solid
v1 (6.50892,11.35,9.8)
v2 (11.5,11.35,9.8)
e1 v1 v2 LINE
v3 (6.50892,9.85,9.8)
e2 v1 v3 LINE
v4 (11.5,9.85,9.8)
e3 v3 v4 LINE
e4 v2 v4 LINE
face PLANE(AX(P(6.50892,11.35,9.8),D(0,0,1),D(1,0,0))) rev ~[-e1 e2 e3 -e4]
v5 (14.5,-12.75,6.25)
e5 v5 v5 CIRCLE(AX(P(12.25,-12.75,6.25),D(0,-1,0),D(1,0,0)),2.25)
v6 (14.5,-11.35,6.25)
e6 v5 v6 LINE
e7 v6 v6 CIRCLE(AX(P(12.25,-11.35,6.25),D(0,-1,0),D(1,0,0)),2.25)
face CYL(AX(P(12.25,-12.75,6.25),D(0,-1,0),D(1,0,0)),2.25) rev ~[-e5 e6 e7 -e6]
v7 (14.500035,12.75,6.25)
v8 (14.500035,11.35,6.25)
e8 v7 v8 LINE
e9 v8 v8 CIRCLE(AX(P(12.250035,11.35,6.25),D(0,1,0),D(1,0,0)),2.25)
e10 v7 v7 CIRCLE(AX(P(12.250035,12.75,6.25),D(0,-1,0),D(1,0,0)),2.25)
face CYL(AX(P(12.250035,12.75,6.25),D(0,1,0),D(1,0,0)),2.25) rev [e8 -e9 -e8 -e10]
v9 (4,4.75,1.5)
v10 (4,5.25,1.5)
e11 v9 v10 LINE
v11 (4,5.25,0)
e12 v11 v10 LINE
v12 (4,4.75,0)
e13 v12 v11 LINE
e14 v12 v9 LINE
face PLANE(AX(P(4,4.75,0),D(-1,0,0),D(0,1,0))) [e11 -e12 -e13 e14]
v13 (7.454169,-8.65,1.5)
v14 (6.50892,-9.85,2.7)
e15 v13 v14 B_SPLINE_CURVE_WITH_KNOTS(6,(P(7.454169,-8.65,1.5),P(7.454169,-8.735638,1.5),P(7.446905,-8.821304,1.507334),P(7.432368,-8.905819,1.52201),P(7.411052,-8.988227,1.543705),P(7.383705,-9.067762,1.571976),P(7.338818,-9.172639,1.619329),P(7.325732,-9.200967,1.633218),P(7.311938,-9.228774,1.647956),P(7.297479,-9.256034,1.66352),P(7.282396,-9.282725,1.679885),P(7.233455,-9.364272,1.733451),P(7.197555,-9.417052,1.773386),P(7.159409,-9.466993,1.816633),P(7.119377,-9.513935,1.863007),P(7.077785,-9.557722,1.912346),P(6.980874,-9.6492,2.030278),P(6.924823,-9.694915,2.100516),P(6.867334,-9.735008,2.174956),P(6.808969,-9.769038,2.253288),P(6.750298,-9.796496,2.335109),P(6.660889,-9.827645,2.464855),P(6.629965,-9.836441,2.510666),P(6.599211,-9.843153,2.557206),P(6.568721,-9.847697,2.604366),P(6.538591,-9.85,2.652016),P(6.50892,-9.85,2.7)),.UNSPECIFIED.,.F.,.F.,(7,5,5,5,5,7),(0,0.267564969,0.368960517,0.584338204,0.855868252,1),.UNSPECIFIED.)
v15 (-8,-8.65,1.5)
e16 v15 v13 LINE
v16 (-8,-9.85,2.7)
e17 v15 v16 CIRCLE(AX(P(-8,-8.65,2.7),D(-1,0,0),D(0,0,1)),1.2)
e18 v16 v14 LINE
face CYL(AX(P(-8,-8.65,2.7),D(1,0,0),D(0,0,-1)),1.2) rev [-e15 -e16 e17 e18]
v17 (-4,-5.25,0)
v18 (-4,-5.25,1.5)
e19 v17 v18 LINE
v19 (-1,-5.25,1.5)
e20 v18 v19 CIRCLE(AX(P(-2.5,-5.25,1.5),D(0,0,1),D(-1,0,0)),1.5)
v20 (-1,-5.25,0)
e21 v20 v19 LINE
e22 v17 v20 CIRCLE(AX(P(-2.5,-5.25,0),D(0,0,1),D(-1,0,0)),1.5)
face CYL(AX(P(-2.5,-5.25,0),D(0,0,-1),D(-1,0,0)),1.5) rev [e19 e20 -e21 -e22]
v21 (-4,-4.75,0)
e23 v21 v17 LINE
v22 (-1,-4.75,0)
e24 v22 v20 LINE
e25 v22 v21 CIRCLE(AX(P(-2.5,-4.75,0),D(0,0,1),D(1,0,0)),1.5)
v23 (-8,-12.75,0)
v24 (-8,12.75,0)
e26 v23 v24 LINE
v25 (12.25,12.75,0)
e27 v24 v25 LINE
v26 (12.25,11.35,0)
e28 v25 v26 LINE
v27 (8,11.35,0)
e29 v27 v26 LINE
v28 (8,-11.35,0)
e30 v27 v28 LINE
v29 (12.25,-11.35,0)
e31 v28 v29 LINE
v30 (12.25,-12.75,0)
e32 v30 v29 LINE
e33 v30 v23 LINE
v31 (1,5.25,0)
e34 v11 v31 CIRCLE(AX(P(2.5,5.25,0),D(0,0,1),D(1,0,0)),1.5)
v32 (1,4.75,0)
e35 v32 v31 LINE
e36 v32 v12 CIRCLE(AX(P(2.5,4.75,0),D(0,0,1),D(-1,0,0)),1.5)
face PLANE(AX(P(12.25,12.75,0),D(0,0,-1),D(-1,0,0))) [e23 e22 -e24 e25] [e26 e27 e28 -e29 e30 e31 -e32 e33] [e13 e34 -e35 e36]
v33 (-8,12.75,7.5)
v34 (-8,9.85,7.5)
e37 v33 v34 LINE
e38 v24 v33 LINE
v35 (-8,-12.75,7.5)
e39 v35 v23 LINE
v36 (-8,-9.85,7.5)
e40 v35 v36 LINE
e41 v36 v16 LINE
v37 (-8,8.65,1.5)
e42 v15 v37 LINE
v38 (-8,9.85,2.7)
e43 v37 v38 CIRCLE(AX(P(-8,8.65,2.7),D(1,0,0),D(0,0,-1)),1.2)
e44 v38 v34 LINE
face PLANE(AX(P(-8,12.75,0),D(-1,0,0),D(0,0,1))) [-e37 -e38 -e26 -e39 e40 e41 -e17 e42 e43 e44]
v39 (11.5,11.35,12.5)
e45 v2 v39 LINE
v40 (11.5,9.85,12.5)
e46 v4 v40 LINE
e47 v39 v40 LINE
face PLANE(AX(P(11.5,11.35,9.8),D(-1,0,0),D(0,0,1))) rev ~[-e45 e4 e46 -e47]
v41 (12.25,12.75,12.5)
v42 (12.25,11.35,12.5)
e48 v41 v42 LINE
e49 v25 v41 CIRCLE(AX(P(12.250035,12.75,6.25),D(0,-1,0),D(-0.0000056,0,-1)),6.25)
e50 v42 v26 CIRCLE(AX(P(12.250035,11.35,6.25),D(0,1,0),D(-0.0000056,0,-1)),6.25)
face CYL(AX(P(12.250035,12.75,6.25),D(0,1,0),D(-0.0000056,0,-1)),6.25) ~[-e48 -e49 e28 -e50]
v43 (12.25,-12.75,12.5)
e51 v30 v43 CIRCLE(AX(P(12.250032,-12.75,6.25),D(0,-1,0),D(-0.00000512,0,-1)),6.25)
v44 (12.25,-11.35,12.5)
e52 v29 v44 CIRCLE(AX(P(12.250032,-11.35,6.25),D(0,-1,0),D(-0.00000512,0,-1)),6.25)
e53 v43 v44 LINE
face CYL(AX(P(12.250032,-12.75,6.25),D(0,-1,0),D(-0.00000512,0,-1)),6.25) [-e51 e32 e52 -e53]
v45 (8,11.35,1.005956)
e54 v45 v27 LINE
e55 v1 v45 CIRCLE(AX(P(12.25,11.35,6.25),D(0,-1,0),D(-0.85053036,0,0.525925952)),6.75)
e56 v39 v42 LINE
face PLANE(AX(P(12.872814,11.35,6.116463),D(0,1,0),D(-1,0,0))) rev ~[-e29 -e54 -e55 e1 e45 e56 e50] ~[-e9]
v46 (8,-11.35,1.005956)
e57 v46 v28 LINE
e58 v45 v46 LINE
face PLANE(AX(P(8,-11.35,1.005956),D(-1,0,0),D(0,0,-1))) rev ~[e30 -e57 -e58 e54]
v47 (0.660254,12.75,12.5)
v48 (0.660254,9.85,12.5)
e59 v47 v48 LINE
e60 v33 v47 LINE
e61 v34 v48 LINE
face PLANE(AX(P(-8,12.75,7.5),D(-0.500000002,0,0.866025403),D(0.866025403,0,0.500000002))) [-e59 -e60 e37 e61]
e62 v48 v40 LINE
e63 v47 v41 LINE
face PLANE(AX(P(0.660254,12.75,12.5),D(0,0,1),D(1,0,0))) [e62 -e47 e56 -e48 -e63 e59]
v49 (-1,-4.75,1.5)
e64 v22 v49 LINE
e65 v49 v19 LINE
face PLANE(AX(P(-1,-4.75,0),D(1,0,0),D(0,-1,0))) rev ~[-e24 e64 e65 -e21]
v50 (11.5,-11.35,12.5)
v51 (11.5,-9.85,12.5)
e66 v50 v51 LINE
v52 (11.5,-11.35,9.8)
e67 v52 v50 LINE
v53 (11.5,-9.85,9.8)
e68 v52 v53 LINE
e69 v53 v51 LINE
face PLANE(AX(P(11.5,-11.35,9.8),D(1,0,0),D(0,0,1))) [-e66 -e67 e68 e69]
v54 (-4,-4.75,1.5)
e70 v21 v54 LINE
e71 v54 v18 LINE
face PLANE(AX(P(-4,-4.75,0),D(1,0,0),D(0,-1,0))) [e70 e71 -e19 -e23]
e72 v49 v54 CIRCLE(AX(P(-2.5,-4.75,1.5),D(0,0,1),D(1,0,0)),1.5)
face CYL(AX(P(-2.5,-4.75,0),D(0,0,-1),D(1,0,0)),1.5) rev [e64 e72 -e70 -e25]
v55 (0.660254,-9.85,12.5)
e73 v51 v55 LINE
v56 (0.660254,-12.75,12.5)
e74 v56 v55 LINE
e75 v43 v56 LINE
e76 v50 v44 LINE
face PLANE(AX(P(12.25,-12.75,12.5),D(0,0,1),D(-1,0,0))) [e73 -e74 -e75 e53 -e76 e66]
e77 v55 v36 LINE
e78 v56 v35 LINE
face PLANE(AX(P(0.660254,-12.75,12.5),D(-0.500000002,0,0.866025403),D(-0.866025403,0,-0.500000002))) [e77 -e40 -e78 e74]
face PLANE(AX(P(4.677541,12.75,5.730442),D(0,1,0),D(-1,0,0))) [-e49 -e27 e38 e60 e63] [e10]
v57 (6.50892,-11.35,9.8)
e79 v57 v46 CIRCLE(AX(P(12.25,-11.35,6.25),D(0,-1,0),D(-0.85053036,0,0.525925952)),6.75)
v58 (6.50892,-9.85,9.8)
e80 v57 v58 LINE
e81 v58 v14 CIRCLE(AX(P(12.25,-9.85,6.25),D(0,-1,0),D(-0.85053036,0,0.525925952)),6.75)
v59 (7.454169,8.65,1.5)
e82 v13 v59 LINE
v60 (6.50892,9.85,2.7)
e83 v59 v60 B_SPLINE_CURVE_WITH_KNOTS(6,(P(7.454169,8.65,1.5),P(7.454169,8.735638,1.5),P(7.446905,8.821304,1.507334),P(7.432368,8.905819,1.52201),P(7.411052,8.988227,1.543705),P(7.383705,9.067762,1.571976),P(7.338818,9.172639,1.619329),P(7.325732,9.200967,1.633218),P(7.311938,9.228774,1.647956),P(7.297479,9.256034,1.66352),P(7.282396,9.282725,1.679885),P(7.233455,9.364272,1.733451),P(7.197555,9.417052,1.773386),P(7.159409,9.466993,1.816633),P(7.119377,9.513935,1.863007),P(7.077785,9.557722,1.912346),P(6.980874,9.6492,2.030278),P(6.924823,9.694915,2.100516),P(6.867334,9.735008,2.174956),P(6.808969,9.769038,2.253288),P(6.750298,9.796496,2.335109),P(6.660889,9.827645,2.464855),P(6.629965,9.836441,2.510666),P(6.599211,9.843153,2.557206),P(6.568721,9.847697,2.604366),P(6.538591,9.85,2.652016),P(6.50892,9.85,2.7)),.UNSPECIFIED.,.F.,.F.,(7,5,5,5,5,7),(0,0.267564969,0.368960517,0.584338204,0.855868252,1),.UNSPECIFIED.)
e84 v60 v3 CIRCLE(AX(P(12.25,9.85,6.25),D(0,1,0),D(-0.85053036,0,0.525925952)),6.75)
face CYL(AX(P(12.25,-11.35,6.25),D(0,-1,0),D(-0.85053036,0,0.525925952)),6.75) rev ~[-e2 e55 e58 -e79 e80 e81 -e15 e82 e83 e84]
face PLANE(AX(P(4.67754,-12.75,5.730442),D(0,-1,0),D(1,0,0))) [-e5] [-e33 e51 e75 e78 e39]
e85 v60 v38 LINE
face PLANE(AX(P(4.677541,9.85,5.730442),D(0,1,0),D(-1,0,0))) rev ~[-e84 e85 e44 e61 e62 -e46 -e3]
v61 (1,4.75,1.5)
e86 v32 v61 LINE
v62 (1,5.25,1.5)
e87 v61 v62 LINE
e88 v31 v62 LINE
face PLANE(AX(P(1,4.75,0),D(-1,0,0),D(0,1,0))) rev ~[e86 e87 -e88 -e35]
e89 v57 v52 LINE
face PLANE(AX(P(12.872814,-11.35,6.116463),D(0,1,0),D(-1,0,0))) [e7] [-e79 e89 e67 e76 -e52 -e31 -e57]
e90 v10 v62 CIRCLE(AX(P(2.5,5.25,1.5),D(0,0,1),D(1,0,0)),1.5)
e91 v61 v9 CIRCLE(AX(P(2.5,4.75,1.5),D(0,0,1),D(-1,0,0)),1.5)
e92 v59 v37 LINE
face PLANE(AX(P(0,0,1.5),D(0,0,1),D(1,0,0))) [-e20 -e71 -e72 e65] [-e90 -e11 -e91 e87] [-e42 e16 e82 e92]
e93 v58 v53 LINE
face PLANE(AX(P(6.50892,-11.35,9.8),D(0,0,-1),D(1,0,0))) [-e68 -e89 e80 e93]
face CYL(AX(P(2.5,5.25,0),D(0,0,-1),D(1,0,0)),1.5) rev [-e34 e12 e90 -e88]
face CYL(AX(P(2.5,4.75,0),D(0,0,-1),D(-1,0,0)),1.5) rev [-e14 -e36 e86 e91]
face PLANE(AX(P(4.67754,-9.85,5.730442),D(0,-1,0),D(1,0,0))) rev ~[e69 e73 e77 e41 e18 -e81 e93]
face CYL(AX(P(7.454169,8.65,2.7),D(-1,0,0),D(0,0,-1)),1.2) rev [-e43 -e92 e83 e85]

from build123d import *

# Parameters (mm, degrees)
SKETCH002_W     = 16
SKETCH002_H     = 25.5
PAD_DEPTH       = 1.5
SKETCH003_R     = 2.25
PAD001_DEPTH    = 2.9
SKETCH004_R     = 2.25
PAD002_DEPTH    = 2.9
POCKET_DEPTH    = 11.35
POCKET001_DEPTH = 11.35
FILLET_R        = 1.2


with BuildPart() as part:
    # Sketch002 → Pad (new body)
    with BuildSketch(Plane.XY):
        Rectangle(SKETCH002_W, SKETCH002_H)
        with BuildLine():
            ThreePointArc((1, 4.75), (2.5, 3.25), (4, 4.75))
            Line((4, 4.75), (4, 5.25))
            ThreePointArc((4, 5.25), (2.5, 6.75), (1, 5.25))
            Line((1, 4.75), (1, 5.25))
        make_face(mode=Mode.SUBTRACT)
        with BuildLine():
            ThreePointArc((-1, -4.75), (-2.5, -3.25), (-4, -4.75))
            Line((-4, -4.75), (-4, -5.25))
            ThreePointArc((-4, -5.25), (-2.5, -6.75), (-1, -5.25))
            Line((-1, -4.75), (-1, -5.25))
        make_face(mode=Mode.SUBTRACT)
    extrude(amount=PAD_DEPTH)

    # Sketch003 → Pad001 (join)
    with BuildSketch(Plane.XZ.offset(12.75)):
        with BuildLine():
            ThreePointArc((12.25, 0), (18.500032, 6.25), (12.25, 12.5))
            Line((12.25, 12.5), (0.660254, 12.5))
            Line((0.660254, 12.5), (-8, 7.5))
            Line((-8, 7.5), (-8, 0))
            Line((-8, 0), (12.25, 0))
        make_face()
        with Locations((12.25, 6.25)):
            Circle(SKETCH003_R, mode=Mode.SUBTRACT)
    extrude(amount=-PAD001_DEPTH)

    # Sketch004 → Pad002 (join)
    with BuildSketch(Plane.XZ.offset(-12.75)):
        with BuildLine():
            Line((12.25, 0), (-8, 0))
            Line((-8, 0), (-8, 7.5))
            Line((-8, 7.5), (0.660254, 12.5))
            Line((0.660254, 12.5), (12.25, 12.5))
            ThreePointArc((12.25, 0), (18.500035, 6.25), (12.25, 12.5))
        make_face()
        with Locations((12.250035, 6.25)):
            Circle(SKETCH004_R, mode=Mode.SUBTRACT)
    extrude(amount=PAD002_DEPTH)

    # Sketch005 → Pocket (cut)
    with BuildSketch(Plane.XZ.offset(11.35)):
        with BuildLine():
            Line((18.6, 12.5), (18.6, 0))
            Line((8, 0), (18.6, 0))
            Line((8, 1.005956), (8, 0))
            ThreePointArc((6.50892, 9.8), (5.594985, 5.121605), (8, 1.005956))
            Line((6.50892, 9.8), (11.5, 9.8))
            Line((11.5, 9.8), (11.5, 12.5))
            Line((11.5, 12.5), (18.6, 12.5))
        make_face()
    extrude(amount=-POCKET_DEPTH, mode=Mode.SUBTRACT)

    # Sketch006 → Pocket001 (cut)
    with BuildSketch(Plane.XZ.offset(-11.35)):
        with BuildLine():
            Line((18.6, 12.5), (18.6, 0))
            Line((8, 0), (18.6, 0))
            Line((8, 1.005956), (8, 0))
            ThreePointArc((6.50892, 9.8), (5.594985, 5.121605), (8, 1.005956))
            Line((6.50892, 9.8), (11.5, 9.8))
            Line((11.5, 9.8), (11.5, 12.5))
            Line((11.5, 12.5), (18.6, 12.5))
        make_face()
    extrude(amount=POCKET001_DEPTH, mode=Mode.SUBTRACT)

    # Fillet
    fillet_edges = [part.edges().sort_by_distance(p)[0] for p in [
        (-0.272916, 9.85, 1.5),
        (-0.272916, -9.85, 1.5),
    ]]
    fillet(fillet_edges, radius=FILLET_R)


solid = part.part
